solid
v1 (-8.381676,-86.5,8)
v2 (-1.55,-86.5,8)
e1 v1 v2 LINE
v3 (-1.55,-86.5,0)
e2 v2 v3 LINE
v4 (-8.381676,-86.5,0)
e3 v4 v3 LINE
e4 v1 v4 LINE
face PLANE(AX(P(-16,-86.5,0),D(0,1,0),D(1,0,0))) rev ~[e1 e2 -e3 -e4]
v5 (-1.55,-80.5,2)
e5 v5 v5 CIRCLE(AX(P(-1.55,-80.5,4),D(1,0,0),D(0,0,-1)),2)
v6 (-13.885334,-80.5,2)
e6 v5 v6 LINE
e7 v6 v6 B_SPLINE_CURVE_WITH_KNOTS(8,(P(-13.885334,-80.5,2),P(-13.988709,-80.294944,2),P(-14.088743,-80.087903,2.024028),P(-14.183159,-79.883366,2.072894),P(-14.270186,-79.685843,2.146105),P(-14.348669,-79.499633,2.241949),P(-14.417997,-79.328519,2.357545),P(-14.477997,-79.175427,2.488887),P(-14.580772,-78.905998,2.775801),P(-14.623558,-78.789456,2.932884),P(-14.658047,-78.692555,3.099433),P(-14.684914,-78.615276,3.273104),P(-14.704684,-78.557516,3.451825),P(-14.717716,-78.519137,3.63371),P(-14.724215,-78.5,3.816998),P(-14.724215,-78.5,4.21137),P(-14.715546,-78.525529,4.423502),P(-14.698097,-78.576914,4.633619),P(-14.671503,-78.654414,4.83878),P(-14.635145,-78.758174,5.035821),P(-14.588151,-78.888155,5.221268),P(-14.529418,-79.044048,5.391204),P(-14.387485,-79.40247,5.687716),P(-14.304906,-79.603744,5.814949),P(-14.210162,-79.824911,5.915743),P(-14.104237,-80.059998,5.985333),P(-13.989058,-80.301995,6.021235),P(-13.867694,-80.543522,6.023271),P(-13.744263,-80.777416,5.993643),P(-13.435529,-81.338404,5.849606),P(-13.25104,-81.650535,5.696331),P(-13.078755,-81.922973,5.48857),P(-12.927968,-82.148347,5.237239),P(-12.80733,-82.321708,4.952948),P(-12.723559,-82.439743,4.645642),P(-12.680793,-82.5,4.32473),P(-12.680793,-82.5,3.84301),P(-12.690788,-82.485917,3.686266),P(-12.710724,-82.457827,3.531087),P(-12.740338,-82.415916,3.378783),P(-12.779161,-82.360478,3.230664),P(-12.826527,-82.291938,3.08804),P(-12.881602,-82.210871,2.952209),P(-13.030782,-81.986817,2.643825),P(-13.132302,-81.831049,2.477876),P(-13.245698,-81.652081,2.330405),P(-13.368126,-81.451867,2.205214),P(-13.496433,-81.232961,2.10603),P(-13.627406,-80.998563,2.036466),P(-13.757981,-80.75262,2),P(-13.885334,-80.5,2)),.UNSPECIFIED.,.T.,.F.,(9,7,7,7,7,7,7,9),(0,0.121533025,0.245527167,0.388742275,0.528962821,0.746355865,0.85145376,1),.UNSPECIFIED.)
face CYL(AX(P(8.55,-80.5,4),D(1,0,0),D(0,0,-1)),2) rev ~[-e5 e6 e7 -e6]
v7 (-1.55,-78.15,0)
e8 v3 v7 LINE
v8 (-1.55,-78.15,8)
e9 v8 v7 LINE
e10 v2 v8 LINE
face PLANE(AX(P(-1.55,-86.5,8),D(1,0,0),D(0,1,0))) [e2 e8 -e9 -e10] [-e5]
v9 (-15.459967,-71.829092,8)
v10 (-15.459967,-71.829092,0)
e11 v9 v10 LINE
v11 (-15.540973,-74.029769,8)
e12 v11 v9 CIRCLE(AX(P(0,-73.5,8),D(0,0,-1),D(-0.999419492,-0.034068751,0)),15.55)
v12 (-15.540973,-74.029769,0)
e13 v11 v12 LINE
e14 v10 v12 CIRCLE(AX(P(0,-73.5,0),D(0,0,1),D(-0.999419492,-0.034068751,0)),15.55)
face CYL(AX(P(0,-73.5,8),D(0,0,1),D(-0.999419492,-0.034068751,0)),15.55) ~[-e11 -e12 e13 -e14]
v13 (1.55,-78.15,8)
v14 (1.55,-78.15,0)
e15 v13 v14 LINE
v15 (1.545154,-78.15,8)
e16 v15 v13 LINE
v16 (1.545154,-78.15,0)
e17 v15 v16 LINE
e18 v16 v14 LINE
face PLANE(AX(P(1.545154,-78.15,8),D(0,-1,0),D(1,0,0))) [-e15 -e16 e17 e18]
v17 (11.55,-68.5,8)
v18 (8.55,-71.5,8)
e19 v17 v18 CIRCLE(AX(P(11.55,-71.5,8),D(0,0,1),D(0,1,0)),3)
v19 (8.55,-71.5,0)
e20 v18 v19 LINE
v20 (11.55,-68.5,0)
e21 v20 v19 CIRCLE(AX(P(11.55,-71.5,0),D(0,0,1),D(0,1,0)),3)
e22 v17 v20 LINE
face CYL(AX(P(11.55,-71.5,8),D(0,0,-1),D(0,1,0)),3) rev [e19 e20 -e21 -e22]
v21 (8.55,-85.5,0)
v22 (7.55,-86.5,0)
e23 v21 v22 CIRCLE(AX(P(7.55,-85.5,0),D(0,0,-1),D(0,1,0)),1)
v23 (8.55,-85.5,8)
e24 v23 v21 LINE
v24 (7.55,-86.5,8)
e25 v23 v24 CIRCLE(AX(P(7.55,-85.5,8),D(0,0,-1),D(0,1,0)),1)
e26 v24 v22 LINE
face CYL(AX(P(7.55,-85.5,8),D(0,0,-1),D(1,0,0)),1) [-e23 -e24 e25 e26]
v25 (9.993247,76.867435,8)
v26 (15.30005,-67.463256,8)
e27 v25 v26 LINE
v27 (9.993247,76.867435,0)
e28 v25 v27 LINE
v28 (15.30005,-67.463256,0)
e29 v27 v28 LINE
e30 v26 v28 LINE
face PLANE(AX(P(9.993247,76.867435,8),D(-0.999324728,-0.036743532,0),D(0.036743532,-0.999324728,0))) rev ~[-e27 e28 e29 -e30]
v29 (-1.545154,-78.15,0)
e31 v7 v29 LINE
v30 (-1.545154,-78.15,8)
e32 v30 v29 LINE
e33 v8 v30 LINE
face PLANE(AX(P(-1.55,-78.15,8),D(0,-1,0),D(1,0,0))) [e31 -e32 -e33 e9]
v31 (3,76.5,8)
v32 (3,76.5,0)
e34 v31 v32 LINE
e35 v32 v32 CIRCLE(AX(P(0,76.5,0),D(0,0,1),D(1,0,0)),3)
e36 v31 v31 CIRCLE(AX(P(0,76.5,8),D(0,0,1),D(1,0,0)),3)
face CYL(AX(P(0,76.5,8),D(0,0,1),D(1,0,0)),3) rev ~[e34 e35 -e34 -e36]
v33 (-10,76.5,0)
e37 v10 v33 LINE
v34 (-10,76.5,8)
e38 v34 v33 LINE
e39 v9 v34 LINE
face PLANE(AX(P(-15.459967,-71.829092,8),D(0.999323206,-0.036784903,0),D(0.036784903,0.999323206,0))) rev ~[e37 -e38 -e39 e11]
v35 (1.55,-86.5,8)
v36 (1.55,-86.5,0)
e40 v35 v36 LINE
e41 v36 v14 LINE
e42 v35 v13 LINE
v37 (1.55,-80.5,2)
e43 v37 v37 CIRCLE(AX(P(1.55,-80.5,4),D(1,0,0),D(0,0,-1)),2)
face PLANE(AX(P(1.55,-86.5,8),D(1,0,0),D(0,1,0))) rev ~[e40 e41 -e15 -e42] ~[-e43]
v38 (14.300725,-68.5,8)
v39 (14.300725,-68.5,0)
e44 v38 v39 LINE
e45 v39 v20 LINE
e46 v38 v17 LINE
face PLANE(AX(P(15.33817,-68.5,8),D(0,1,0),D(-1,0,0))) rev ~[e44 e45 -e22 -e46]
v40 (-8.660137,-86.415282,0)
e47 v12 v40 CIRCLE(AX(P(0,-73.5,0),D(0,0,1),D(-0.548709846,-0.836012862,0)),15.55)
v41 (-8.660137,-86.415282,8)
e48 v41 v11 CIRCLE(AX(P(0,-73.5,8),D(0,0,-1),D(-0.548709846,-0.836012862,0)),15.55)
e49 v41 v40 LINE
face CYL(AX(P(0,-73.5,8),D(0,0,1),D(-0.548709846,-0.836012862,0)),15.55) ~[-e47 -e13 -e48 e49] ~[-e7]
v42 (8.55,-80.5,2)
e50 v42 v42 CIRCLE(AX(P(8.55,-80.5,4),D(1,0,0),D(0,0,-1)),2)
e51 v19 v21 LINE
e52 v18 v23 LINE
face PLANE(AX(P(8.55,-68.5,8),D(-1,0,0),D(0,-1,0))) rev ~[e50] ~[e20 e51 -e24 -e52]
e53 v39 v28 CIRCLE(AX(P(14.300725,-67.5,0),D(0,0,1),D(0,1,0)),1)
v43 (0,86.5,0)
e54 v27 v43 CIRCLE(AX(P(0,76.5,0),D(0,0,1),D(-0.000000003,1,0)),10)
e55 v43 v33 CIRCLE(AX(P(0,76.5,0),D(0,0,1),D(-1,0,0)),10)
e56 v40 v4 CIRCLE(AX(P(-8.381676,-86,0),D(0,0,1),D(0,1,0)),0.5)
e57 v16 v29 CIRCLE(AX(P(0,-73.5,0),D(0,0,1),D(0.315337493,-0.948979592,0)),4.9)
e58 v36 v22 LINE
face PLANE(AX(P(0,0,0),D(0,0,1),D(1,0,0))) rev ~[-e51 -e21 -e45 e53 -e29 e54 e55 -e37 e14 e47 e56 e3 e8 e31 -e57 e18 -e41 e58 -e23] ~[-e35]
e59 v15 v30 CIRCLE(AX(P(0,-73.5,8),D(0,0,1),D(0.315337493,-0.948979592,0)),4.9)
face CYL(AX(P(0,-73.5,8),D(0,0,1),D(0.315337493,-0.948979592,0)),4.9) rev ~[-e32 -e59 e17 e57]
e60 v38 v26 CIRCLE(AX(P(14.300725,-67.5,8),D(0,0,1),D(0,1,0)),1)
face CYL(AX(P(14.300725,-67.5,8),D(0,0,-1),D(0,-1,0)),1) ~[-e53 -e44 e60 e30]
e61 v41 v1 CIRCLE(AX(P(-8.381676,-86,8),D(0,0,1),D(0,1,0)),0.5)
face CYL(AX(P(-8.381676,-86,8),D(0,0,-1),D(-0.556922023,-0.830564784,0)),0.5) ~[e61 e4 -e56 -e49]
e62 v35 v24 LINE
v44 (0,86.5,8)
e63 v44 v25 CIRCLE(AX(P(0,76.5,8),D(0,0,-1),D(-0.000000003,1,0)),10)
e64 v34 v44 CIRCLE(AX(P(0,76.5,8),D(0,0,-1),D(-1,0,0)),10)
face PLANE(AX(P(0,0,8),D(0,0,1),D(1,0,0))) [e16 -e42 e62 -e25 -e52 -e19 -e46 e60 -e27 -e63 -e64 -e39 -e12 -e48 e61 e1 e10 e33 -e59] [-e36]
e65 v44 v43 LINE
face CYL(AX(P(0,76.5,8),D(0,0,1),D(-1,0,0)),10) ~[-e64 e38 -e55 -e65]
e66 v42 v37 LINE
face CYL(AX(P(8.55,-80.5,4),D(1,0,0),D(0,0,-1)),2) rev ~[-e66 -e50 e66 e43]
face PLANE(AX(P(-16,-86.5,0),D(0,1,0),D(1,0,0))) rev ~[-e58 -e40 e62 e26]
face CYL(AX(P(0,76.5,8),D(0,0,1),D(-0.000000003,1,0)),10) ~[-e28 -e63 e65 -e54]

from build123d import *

# Parameters (mm, degrees)
SKETCH1_W           = 32
SKETCH1_H           = 173
BOSS_EXTRUDE2_DEPTH = 8
SKETCH3_R           = 4.9
SKETCH3_R_2         = 3
SKETCH3_W           = 3.1
SKETCH3_H           = 8.35
CUT_EXTRUDE1_DEPTH  = 9
CUT_EXTRUDE4_DEPTH  = 9
FILLET1_R           = 1
FILLET3_R           = 1
FILLET5_R           = 3
FILLET6_R           = 0.5
SKETCH7_R           = 2
CUT_EXTRUDE5_DEPTH  = 25.1


with BuildPart() as part:
    # Sketch1 → Boss-Extrude2 (new body)
    with BuildSketch(Plane.XY):
        Rectangle(SKETCH1_W, SKETCH1_H)
    extrude(amount=BOSS_EXTRUDE2_DEPTH)

    # Sketch3 → Cut-Extrude1 (cut, through all)
    with BuildSketch(Plane.XY.offset(8)):
        with Locations((0, -73.5)):
            Circle(SKETCH3_R)
        with Locations((0, 76.5)):
            Circle(SKETCH3_R_2)
        with Locations((0, -82.325)):
            Rectangle(SKETCH3_W, SKETCH3_H)
    extrude(amount=-CUT_EXTRUDE1_DEPTH, mode=Mode.SUBTRACT)

    # Sketch5 → Cut-Extrude4 (cut, through all)
    with BuildSketch(Plane.XY.offset(8)):
        with BuildLine():
            Line((-16, 86.5), (-16, -86.5))
            Line((-16, -86.5), (-15.540973095, -74.029769072))
            ThreePointArc((-15.540973095, -74.029769072), (-15.53947586, -72.927994754), (-15.459966578, -71.829092044))
            Line((-15.459966578, -71.829092044), (-10, 76.5))
            ThreePointArc((-10, 76.5), (-7.07106782, 83.571067803), (-2.4e-08, 86.5))
            Line((-2.4e-08, 86.5), (-16, 86.5))
        make_face()
        with BuildLine():
            Line((16, 86.5), (-2.4e-08, 86.5))
            ThreePointArc((-2.4e-08, 86.5), (6.939944042, 83.699803935), (9.993247284, 76.867435316))
            Line((9.993247284, 76.867435316), (15.338169515, -68.5))
            Line((15.338169515, -68.5), (8.55, -68.5))
            Line((8.55, -68.5), (8.55, -86.5))
            Line((8.55, -86.5), (16, -86.5))
            Line((16, -86.5), (16, 86.5))
        make_face()
        with BuildLine():
            Line((-15.540973095, -74.029769072), (-16, -86.5))
            Line((-16, -86.5), (-8.532438104, -86.5))
            ThreePointArc((-8.532438104, -86.5), (-13.555771706, -81.118631994), (-15.540973095, -74.029769072))
        make_face()
    extrude(amount=-CUT_EXTRUDE4_DEPTH, mode=Mode.SUBTRACT)

    # Fillet1
    fillet1_edges = [part.edges().sort_by_distance(p)[0] for p in [
        (8.55, -86.5, 4),
    ]]
    fillet(fillet1_edges, radius=FILLET1_R)

    # Fillet3
    fillet3_edges = [part.edges().sort_by_distance(p)[0] for p in [
        (15.338169515, -68.5, 4),
    ]]
    fillet(fillet3_edges, radius=FILLET3_R)

    # Fillet5
    fillet5_edges = [part.edges().sort_by_distance(p)[0] for p in [
        (8.55, -68.5, 4),
    ]]
    fillet(fillet5_edges, radius=FILLET5_R)

    # Fillet6
    fillet6_edges = [part.edges().sort_by_distance(p)[0] for p in [
        (-8.532438104, -86.5, 4),
    ]]
    fillet(fillet6_edges, radius=FILLET6_R)

    # Sketch7 → Cut-Extrude5 (cut, through all)
    with BuildSketch(Plane(origin=(8.55, 0, 0), x_dir=(0, 0, -1), z_dir=(1, 0, 0))):
        with Locations((-4, -80.5)):
            Circle(SKETCH7_R)
    extrude(amount=-CUT_EXTRUDE5_DEPTH, mode=Mode.SUBTRACT)


solid = part.part
